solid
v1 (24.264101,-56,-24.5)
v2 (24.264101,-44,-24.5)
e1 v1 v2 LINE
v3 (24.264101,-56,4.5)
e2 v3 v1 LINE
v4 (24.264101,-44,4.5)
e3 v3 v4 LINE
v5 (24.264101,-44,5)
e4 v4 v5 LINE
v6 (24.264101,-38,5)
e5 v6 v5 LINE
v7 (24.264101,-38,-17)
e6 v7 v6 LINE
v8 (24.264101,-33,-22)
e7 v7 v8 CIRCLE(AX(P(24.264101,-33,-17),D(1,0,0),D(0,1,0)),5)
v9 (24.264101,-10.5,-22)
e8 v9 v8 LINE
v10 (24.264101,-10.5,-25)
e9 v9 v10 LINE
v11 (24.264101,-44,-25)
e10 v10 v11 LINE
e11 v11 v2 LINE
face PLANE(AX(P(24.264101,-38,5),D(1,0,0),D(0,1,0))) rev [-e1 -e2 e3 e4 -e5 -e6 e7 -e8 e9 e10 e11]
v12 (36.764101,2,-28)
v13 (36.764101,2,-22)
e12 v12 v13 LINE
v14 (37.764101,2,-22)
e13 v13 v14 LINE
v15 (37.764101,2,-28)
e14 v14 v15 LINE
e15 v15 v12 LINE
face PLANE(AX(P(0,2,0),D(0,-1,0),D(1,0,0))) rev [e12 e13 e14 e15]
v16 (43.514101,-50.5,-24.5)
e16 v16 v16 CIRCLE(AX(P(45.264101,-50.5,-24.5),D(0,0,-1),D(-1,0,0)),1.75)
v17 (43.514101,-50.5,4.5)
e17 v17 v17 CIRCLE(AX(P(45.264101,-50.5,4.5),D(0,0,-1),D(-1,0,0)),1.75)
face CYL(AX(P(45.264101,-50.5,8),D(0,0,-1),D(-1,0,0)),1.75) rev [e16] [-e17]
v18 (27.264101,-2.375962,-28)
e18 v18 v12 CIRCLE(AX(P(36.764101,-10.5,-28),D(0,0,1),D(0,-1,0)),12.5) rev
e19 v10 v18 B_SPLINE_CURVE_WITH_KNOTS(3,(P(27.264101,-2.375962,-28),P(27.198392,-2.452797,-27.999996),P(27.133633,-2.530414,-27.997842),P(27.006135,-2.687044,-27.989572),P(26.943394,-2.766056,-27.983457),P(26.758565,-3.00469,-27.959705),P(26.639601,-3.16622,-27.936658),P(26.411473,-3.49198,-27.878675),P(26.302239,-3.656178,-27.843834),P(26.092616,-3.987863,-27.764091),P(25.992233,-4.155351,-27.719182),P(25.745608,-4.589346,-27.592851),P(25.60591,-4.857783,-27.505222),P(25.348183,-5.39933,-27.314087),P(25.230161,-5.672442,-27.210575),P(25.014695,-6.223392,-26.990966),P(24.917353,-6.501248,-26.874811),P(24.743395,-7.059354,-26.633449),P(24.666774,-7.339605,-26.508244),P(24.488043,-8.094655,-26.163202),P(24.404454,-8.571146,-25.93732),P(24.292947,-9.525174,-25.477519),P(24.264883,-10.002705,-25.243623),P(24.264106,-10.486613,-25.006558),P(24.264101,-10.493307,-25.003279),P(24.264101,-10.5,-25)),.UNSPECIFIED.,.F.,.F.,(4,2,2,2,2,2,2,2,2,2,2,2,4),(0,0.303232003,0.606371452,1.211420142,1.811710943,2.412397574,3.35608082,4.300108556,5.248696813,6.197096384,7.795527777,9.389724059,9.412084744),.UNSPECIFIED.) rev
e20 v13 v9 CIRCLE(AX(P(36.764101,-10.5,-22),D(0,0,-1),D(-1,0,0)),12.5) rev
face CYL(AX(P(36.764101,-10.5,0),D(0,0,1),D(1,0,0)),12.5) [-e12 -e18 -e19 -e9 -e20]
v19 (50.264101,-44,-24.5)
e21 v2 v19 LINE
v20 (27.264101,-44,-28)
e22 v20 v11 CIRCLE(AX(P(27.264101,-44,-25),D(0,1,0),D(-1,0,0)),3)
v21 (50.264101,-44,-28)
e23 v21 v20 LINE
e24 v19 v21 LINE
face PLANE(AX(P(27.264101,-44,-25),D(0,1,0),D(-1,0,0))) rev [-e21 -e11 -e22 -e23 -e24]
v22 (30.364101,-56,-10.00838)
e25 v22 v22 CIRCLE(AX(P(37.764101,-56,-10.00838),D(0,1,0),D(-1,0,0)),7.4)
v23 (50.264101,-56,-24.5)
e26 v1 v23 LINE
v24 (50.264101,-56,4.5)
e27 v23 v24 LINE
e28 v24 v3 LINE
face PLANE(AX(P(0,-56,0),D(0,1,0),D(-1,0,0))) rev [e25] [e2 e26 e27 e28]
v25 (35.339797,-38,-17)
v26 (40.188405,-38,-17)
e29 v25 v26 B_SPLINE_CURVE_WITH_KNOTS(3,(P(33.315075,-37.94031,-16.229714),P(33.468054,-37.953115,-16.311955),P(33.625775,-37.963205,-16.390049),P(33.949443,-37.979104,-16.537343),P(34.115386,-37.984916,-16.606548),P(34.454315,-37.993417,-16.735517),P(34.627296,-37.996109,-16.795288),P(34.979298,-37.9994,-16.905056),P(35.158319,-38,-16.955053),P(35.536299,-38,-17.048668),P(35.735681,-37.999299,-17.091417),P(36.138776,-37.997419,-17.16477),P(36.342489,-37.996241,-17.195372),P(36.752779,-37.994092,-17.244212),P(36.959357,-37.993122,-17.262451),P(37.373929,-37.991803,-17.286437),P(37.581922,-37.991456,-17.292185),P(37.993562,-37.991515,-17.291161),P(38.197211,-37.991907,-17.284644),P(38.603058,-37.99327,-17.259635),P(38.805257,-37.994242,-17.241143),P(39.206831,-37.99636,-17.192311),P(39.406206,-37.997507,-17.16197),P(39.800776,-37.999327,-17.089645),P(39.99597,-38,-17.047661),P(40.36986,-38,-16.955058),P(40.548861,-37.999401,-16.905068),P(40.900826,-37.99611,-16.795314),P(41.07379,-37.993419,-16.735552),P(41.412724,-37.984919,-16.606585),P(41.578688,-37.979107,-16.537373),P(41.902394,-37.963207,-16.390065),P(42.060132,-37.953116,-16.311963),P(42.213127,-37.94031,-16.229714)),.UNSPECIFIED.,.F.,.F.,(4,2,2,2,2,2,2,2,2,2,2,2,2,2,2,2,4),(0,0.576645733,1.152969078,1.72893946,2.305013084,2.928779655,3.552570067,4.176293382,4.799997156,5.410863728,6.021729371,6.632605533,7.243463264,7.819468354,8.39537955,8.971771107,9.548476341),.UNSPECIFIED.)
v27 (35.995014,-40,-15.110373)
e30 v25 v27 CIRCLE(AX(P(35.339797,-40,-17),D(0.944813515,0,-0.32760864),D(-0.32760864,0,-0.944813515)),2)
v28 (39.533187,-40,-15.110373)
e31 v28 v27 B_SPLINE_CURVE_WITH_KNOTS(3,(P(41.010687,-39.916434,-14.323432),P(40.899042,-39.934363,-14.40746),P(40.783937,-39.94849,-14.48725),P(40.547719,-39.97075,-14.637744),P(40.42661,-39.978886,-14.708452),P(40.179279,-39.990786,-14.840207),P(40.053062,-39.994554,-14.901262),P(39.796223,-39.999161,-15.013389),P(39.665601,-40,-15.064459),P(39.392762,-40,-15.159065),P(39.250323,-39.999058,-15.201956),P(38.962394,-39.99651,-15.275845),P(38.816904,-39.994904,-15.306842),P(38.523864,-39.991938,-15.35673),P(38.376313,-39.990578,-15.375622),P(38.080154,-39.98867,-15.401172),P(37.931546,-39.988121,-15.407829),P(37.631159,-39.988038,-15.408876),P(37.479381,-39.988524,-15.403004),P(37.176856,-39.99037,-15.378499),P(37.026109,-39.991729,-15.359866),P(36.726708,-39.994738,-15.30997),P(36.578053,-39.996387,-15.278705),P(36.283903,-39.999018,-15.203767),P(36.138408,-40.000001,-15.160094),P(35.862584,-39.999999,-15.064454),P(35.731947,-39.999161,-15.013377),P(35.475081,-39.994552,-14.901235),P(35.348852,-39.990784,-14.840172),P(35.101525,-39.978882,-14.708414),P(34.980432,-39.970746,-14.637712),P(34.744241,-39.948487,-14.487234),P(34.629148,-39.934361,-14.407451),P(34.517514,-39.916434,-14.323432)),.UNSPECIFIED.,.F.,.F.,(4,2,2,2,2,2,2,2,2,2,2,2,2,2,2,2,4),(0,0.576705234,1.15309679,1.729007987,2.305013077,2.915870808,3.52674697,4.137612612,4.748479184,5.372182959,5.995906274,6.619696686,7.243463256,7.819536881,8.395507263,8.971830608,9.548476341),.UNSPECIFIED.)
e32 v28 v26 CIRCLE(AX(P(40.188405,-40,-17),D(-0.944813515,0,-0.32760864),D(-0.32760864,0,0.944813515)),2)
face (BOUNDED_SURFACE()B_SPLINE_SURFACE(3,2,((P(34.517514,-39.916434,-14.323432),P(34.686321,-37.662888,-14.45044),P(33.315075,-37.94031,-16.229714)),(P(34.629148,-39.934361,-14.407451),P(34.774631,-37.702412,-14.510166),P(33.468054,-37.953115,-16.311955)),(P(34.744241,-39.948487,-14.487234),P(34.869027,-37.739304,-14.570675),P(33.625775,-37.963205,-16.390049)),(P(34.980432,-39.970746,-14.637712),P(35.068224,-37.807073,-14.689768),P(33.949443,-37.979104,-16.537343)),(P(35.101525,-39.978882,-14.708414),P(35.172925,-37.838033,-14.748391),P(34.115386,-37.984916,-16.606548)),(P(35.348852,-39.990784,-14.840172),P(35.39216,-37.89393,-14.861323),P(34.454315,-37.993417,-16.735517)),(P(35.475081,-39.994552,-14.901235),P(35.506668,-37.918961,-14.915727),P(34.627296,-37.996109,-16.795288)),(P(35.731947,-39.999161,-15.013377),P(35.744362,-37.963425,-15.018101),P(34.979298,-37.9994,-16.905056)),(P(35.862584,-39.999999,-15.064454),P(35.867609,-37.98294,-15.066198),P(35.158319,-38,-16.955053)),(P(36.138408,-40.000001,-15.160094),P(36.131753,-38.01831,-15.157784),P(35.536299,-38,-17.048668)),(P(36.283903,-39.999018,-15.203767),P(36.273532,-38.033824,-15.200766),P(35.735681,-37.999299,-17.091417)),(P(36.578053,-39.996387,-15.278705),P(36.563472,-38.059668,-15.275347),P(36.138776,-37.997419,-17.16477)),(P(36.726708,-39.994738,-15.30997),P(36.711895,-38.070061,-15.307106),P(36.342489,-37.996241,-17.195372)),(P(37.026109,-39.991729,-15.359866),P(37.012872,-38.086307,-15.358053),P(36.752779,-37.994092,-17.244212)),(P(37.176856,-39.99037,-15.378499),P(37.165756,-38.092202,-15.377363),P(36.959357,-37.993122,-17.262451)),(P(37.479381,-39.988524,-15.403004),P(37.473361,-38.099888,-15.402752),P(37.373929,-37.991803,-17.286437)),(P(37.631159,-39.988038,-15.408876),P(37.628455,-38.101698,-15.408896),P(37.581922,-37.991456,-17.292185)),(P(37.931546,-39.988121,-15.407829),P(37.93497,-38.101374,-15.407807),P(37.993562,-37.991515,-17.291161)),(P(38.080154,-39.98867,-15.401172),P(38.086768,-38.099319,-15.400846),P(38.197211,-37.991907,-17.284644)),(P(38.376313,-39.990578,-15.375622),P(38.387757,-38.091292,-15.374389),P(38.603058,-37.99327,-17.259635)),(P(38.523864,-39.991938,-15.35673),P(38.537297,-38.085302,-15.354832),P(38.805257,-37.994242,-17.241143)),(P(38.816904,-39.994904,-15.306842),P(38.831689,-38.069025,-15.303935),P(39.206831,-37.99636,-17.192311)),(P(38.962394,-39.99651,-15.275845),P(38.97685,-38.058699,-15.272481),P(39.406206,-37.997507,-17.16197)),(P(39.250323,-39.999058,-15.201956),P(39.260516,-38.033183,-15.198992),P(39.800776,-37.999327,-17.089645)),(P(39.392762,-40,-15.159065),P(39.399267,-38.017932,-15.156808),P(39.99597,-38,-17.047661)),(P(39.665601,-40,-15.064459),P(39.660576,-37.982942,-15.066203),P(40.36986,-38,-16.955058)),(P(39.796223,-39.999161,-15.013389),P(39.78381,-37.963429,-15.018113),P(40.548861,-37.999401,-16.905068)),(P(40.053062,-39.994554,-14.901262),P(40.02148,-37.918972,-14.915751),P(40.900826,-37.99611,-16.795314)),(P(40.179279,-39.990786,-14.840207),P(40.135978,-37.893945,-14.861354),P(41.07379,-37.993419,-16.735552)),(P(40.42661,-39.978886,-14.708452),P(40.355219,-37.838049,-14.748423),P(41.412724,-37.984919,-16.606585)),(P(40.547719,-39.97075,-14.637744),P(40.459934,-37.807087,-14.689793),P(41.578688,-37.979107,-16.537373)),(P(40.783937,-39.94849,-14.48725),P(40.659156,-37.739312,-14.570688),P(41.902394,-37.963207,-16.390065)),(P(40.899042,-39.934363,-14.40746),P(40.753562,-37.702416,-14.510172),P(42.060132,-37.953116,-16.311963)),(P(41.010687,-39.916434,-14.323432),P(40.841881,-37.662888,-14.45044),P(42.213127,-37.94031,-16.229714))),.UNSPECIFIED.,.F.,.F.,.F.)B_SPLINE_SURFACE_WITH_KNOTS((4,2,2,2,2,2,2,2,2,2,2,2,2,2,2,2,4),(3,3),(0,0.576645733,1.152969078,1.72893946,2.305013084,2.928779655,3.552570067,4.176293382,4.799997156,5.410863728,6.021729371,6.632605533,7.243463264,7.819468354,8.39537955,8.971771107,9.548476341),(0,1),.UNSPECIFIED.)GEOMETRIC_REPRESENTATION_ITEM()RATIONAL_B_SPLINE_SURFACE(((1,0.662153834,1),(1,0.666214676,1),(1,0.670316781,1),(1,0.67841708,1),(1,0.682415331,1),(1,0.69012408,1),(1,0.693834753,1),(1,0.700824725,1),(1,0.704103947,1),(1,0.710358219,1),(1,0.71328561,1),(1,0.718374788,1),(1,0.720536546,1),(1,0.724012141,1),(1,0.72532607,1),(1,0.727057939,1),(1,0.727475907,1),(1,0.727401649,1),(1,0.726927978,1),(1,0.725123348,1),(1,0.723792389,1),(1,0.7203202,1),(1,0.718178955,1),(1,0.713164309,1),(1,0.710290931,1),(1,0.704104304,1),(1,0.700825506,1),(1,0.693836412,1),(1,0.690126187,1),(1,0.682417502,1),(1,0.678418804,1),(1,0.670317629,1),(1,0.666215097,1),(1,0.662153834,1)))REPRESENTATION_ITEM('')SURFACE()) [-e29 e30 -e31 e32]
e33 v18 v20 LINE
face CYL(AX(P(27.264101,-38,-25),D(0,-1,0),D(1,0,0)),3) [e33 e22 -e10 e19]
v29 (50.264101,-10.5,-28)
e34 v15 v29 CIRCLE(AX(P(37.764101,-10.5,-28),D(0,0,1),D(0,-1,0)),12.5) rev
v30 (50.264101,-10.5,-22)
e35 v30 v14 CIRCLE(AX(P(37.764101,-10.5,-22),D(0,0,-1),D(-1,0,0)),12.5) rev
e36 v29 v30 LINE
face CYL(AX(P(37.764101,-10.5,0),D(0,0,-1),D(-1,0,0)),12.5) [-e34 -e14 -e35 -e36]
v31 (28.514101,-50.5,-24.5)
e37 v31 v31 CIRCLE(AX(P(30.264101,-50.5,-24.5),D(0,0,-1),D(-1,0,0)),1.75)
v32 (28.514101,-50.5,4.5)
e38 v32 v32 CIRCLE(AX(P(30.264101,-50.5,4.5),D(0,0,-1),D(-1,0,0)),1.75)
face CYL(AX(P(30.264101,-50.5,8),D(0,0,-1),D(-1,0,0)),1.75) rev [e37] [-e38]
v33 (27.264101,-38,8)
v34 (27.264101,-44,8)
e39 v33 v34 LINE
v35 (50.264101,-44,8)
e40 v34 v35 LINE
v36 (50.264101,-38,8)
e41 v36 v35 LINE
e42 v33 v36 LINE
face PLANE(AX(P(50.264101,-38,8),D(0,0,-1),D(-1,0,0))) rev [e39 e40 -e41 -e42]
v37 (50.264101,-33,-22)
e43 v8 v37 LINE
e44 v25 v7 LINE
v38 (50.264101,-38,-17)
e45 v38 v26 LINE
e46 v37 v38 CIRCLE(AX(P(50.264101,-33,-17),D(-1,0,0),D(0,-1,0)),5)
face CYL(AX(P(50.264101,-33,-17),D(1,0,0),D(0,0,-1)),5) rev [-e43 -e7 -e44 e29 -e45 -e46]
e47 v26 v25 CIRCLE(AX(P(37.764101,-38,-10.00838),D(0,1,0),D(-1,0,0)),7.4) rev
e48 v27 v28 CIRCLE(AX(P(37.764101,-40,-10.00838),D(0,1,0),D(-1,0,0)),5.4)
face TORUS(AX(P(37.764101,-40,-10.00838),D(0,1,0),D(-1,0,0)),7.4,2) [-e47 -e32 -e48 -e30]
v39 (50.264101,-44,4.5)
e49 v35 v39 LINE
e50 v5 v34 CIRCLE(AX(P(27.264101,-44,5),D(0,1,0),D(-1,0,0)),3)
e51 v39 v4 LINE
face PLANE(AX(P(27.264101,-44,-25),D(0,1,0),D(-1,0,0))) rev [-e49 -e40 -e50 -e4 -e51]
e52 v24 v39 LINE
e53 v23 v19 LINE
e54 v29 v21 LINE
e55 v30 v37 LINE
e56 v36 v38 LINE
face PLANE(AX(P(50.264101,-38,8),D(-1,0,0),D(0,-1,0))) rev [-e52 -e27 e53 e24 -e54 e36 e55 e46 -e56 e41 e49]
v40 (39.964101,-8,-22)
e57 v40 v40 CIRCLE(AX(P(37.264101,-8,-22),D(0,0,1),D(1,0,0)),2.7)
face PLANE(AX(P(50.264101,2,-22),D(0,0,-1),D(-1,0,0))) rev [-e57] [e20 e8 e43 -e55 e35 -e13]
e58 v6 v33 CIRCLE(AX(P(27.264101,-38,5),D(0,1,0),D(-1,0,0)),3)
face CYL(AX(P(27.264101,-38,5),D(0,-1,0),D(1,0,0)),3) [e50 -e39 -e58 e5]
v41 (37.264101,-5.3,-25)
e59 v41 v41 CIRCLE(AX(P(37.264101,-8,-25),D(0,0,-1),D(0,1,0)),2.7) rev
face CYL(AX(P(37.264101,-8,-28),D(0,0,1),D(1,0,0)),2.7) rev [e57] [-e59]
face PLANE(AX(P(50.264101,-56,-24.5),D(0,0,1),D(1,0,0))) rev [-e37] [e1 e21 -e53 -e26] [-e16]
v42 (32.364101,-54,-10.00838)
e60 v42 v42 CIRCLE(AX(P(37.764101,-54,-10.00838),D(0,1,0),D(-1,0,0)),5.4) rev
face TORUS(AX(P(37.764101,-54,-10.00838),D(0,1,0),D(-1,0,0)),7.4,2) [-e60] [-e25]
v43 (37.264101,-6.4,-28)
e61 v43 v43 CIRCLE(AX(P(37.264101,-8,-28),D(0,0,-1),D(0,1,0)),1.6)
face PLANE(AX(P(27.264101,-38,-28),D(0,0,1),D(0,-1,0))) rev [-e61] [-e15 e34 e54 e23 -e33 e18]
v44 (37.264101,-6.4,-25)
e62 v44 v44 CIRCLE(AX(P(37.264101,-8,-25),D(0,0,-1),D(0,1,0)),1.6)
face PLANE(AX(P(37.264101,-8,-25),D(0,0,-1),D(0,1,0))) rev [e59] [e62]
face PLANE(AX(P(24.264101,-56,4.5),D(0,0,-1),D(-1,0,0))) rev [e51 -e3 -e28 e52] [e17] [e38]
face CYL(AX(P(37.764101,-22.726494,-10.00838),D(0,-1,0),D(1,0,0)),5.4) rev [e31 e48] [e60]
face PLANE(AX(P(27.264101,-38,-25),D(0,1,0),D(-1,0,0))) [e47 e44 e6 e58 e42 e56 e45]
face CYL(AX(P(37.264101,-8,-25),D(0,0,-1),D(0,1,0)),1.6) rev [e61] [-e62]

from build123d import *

# Parameters (mm, degrees)
BOSS_EXTRUDE1_DEPTH = 6
SKETCH2_W           = 26
SKETCH2_H           = 6
BOSS_EXTRUDE2_DEPTH = 40
FILLET1_R           = 12.5
SKETCH3_R           = 2.7
CUT_EXTRUDE1_DEPTH  = 7
SKETCH4_W           = 26
SKETCH4_H           = 29
BOSS_EXTRUDE3_DEPTH = 12
FILLET2_R           = 5
SKETCH5_R           = 1.75
CUT_EXTRUDE2_DEPTH  = 33.5
CUT_EXTRUDE3_DEPTH  = 41
CUT_EXTRUDE4_REACH  = 60
SKETCH7_R           = 5.4
FILLET3_R           = 2
SKETCH8_R           = 2.7
SKETCH8_R_2         = 1.6
BOSS_EXTRUDE4_DEPTH = 3


with BuildPart() as part:
    # Sketch1 → Boss-Extrude1 (new body)
    with BuildSketch(Plane(origin=(0, -44, 0), x_dir=(1, 0, 0), z_dir=(0, 1, 0))):
        with BuildLine():
            Line((50.264100782, -8), (50.264100782, 28))
            Line((50.264100782, 28), (27.264100782, 28))
            ThreePointArc((27.264100782, 28), (25.142780438, 27.121320344), (24.264100782, 25))
            Line((24.264100782, 25), (24.264100782, -5))
            ThreePointArc((24.264100782, -5), (25.142780438, -7.121320344), (27.264100782, -8))
            Line((27.264100782, -8), (50.264100782, -8))
        make_face()
    extrude(amount=BOSS_EXTRUDE1_DEPTH)

    # Sketch2 → Boss-Extrude2 (add)
    with BuildSketch(Plane(origin=(0, -38, 0), x_dir=(1, 0, 0), z_dir=(0, 1, 0))):
        with Locations((37.264100782, 25)):
            Rectangle(SKETCH2_W, SKETCH2_H)
    extrude(amount=BOSS_EXTRUDE2_DEPTH)

    # Fillet1
    fillet1_edges = [part.edges().sort_by_distance(p)[0] for p in [
        (50.264100782, 2, -25),
        (24.264100782, 2, -25),
    ]]
    fillet(fillet1_edges, radius=FILLET1_R)

    # Sketch3 → Cut-Extrude1 (cut, through all)
    with BuildSketch(Plane.XY.offset(-22)):
        with Locations((37.264100782, -8)):
            Circle(SKETCH3_R)
    extrude(amount=-CUT_EXTRUDE1_DEPTH, mode=Mode.SUBTRACT)

    # Sketch4 → Boss-Extrude3 (add)
    with BuildSketch(Plane.XZ.offset(44)):
        with Locations((37.264100782, -10)):
            Rectangle(SKETCH4_W, SKETCH4_H)
    extrude(amount=BOSS_EXTRUDE3_DEPTH)

    # Fillet2
    fillet2_edges = [part.edges().sort_by_distance(p)[0] for p in [
        (37.264100782, -38, -22),
    ]]
    fillet(fillet2_edges, radius=FILLET2_R)

    # Sketch5 → Cut-Extrude2 (cut, through all)
    with BuildSketch(Plane(origin=(0, 0, -24.5), x_dir=(-1, 0, 0), z_dir=(0, 0, -1))):
        with Locations((-45.264100782, -50.5)):
            Circle(SKETCH5_R)
        with Locations((-30.264100782, -50.5)):
            Circle(SKETCH5_R)
    extrude(amount=-CUT_EXTRUDE2_DEPTH, mode=Mode.SUBTRACT)

    # Sketch6 → Cut-Extrude3 (cut, through all)
    with BuildSketch(Plane.XZ.offset(38)):
        with BuildLine():
            Line((24.264100782, -28), (27.264100782, -28))
            ThreePointArc((27.264100782, -28), (25.142780438, -27.121320344), (24.264100782, -25))
            Line((24.264100782, -25), (24.264100782, -28))
        make_face()
    extrude(amount=-CUT_EXTRUDE3_DEPTH, mode=Mode.SUBTRACT)

    # Sketch7 → Cut-Extrude4 (cut, up to next)
    with BuildSketch(Plane.XZ.offset(56), mode=Mode.PRIVATE) as cut_extrude4_sk1:
        with Locations((37.764100782, -10.008379986)):
            Circle(SKETCH7_R)
    cut_extrude4_tool1 = extrude(cut_extrude4_sk1.sketch, amount=-CUT_EXTRUDE4_REACH, mode=Mode.PRIVATE) & part.part
    add(cut_extrude4_tool1.solids().sort_by_distance((37.764101, -56, -10.00838))[0], mode=Mode.SUBTRACT)

    # Fillet3
    fillet3_edges = [part.edges().sort_by_distance(p)[0] for p in [
        (32.364100782, -38, -10.008379986),
        (32.364100782, -56, -10.008379986),
    ]]
    fillet(fillet3_edges, radius=FILLET3_R)

    # Sketch8 → Boss-Extrude4 (add)
    with BuildSketch(Plane(origin=(0, 0, -28), x_dir=(-1, 0, 0), z_dir=(0, 0, -1))):
        with Locations((-37.264100782, -8)):
            Circle(SKETCH8_R)
        with Locations((-37.264100782, -8)):
            Circle(SKETCH8_R_2, mode=Mode.SUBTRACT)
    extrude(amount=-BOSS_EXTRUDE4_DEPTH)


solid = part.part
